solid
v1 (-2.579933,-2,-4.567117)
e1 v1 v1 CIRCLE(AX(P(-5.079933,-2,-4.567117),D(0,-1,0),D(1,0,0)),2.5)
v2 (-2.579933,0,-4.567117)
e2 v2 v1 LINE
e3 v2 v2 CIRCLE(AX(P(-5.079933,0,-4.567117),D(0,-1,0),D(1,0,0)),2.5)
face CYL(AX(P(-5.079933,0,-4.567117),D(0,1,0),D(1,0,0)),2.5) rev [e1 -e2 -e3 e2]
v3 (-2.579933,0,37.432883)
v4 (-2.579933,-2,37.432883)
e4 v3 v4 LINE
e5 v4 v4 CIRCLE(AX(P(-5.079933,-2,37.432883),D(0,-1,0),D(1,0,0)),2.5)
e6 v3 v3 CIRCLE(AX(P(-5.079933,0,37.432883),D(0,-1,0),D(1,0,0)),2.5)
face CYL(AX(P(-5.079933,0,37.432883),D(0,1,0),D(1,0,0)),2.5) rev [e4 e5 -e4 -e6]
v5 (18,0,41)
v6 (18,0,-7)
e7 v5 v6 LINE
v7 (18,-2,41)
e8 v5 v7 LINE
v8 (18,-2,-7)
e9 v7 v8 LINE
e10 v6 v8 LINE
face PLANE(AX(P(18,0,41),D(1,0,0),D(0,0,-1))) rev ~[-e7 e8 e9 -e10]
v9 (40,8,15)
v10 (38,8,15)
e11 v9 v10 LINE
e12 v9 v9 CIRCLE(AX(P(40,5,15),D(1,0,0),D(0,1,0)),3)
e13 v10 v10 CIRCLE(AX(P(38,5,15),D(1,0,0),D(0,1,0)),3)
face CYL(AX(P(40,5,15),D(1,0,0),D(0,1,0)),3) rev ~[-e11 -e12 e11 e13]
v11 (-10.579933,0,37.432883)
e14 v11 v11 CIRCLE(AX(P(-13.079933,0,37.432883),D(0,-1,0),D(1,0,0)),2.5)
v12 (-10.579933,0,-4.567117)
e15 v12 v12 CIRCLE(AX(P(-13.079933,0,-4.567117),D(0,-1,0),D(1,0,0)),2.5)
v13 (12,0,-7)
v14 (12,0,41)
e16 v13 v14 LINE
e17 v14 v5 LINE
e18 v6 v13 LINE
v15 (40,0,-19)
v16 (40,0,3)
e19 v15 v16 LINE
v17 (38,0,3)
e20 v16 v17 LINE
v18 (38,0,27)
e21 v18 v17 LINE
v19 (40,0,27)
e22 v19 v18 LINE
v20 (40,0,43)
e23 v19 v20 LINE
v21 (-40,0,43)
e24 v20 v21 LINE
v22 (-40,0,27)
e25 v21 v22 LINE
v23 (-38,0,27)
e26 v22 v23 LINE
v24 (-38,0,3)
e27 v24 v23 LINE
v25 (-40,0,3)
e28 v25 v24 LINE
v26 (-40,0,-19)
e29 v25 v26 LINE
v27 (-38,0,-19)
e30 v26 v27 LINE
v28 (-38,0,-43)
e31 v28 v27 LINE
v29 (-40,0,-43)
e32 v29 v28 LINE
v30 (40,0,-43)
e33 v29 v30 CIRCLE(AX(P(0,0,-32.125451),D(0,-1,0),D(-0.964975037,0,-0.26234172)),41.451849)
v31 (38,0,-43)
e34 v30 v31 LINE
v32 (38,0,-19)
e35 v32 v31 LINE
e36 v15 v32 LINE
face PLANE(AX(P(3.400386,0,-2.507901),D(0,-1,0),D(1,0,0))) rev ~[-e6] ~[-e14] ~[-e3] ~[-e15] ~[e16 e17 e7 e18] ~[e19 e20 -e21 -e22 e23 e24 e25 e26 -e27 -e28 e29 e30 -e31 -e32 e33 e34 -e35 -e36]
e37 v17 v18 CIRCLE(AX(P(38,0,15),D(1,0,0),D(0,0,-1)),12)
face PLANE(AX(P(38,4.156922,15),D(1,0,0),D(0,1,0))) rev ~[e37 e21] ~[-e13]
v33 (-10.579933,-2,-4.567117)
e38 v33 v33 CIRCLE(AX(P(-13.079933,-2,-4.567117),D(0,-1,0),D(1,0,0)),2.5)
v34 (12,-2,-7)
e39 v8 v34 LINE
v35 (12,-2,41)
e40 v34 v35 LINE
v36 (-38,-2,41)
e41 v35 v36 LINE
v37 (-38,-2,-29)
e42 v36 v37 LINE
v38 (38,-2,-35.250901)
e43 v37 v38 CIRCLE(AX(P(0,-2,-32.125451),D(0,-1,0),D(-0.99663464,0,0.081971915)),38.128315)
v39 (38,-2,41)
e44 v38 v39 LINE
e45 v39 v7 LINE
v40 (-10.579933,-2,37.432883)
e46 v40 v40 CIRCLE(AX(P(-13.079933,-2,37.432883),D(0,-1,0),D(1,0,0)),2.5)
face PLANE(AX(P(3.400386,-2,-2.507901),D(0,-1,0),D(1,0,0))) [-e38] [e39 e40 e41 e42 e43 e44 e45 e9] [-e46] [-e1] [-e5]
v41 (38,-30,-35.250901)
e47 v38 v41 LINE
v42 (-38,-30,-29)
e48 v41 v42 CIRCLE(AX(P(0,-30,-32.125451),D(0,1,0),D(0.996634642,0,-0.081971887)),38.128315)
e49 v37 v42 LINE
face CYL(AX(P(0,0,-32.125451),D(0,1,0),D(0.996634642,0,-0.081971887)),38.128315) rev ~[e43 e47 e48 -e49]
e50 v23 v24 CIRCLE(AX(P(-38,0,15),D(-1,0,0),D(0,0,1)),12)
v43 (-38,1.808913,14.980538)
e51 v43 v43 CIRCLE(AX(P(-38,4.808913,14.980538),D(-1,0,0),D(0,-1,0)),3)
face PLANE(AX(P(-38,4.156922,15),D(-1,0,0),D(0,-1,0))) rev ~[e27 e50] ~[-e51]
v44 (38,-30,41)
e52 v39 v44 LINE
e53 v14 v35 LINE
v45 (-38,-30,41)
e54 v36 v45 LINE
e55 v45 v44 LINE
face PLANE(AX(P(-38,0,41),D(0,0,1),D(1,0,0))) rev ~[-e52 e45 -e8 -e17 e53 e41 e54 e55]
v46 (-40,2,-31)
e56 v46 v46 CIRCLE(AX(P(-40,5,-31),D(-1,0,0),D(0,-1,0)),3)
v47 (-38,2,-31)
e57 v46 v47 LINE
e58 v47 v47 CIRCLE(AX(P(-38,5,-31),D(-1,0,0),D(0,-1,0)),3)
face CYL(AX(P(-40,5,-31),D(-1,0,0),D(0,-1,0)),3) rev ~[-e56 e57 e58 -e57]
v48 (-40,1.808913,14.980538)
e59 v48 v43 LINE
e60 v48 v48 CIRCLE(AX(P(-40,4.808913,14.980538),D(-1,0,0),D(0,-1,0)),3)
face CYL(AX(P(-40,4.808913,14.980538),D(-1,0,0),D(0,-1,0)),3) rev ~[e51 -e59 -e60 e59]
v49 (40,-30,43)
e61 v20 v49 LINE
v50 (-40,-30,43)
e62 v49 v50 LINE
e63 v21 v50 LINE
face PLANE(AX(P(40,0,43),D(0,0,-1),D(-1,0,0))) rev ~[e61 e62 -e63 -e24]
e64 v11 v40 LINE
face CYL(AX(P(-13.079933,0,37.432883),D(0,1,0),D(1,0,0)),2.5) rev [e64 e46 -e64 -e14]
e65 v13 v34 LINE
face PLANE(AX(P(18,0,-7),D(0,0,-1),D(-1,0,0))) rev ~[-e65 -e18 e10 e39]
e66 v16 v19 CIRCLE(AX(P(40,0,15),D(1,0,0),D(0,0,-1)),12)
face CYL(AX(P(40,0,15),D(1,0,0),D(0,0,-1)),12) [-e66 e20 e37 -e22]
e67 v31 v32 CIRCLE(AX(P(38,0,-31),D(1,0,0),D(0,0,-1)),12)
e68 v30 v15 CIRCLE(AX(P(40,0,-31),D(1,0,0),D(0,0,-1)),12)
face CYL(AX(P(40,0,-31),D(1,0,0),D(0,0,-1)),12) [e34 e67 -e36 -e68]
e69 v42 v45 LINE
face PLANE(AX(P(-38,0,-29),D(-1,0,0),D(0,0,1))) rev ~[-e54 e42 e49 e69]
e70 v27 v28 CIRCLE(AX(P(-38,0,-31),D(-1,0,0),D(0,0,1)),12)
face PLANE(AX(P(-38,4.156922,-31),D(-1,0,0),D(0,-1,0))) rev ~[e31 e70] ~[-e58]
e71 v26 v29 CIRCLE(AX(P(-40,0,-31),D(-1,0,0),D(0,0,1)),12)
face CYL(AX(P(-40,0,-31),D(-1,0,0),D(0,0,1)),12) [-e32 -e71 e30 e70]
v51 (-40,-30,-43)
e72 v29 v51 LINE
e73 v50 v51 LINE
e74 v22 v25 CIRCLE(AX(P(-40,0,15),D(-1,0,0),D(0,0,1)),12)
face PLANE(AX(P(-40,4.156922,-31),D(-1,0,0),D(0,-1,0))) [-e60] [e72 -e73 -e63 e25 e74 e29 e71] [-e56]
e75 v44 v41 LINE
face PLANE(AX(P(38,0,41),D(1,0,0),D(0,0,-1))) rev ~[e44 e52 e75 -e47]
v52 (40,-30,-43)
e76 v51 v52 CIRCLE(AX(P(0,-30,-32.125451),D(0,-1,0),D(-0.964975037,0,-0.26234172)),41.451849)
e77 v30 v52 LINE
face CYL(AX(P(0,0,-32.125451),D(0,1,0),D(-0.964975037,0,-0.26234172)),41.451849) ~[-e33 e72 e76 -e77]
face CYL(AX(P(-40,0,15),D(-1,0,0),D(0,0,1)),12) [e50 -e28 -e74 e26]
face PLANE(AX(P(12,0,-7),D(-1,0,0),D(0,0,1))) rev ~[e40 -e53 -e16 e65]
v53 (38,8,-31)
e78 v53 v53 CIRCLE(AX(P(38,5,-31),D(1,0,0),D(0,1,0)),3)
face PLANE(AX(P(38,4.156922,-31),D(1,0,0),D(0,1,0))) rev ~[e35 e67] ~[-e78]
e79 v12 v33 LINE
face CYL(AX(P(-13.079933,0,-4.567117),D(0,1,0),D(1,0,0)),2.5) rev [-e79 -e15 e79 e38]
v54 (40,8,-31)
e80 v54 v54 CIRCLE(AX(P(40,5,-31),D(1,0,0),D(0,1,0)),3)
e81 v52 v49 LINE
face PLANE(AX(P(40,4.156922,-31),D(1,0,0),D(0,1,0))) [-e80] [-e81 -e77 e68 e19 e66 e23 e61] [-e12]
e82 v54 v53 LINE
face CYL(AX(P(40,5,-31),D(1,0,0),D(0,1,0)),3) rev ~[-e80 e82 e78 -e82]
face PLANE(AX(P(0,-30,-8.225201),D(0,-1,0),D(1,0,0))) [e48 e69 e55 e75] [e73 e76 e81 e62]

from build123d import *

# Parameters (mm, degrees)
F1_DEPTH = 30
F0_R     = 2.5
F2_DEPTH = 2
F3_R     = 3
F4_DEPTH = 2
F5_R     = 3
F6_DEPTH = 2


with BuildPart() as f1:
    # F0 (on Front) → F1 (new body)
    with BuildSketch(Plane.XZ):
        with BuildLine():
            Line((40, -43), (40, 43))
            Line((40, 43), (-40, 43))
            Line((-40, 43), (-40, -43))
            ThreePointArc((-40, -43), (0, -73.5773), (40, -43))
        make_face()
        with BuildLine():
            Line((-38, -29), (-38, 41))
            Line((-38, 41), (12, 41))
            Line((12, 41), (18, 41))
            Line((18, 41), (38, 41))
            Line((38, 41), (38, -35.250901))
            ThreePointArc((38, -35.250901), (-3.125451, -70.125451), (-38, -29))
        make_face(mode=Mode.SUBTRACT)
    extrude(amount=F1_DEPTH)

    # F0 (on Front) → F2 (join)
    with BuildSketch(Plane.XZ):
        with BuildLine():
            Line((12, 41), (-38, 41))
            Line((-38, 41), (-38, -29))
            ThreePointArc((-38, -29), (-3.125451, -70.125451), (38, -35.250901))
            Line((38, -35.250901), (38, 41))
            Line((38, 41), (18, 41))
            Line((18, 41), (18, -7))
            Line((18, -7), (12, -7))
            Line((12, -7), (12, 41))
        make_face()
        with Locations((-13.079933, -4.567117)):
            Circle(F0_R, mode=Mode.SUBTRACT)
        with Locations((-5.079933, -4.567117)):
            Circle(F0_R, mode=Mode.SUBTRACT)
        with Locations((-13.079933, 37.432883)):
            Circle(F0_R, mode=Mode.SUBTRACT)
        with Locations((-5.079933, 37.432883)):
            Circle(F0_R, mode=Mode.SUBTRACT)
    extrude(amount=F2_DEPTH)

    # F3 (on face) → F4 (join)
    with BuildSketch(Plane.YZ.offset(40)):
        with BuildLine():
            Line((0, 27), (0, 3))
            ThreePointArc((0, 3), (12, 15), (0, 27))
        make_face()
        with Locations((5, 15)):
            Circle(F3_R, mode=Mode.SUBTRACT)
        with BuildLine():
            Line((0, -19), (0, -43))
            ThreePointArc((0, -43), (12, -31), (0, -19))
        make_face()
        with Locations((5, -31)):
            Circle(F3_R, mode=Mode.SUBTRACT)
    extrude(amount=-F4_DEPTH)

    # F5 (on face) → F6 (join)
    with BuildSketch(Plane(origin=(-40, 0, 0), x_dir=(0, -1, 0), z_dir=(-1, 0, 0))):
        with BuildLine():
            Line((0, -43), (0, -19))
            ThreePointArc((0, -19), (-12, -31), (0, -43))
        make_face()
        with Locations((-5, -31)):
            Circle(F5_R, mode=Mode.SUBTRACT)
        with BuildLine():
            Line((0, 3), (0, 27))
            ThreePointArc((0, 27), (-12, 15), (0, 3))
        make_face()
        with Locations((-4.808913, 14.980538)):
            Circle(F5_R, mode=Mode.SUBTRACT)
    extrude(amount=-F6_DEPTH)


solid = f1.part
